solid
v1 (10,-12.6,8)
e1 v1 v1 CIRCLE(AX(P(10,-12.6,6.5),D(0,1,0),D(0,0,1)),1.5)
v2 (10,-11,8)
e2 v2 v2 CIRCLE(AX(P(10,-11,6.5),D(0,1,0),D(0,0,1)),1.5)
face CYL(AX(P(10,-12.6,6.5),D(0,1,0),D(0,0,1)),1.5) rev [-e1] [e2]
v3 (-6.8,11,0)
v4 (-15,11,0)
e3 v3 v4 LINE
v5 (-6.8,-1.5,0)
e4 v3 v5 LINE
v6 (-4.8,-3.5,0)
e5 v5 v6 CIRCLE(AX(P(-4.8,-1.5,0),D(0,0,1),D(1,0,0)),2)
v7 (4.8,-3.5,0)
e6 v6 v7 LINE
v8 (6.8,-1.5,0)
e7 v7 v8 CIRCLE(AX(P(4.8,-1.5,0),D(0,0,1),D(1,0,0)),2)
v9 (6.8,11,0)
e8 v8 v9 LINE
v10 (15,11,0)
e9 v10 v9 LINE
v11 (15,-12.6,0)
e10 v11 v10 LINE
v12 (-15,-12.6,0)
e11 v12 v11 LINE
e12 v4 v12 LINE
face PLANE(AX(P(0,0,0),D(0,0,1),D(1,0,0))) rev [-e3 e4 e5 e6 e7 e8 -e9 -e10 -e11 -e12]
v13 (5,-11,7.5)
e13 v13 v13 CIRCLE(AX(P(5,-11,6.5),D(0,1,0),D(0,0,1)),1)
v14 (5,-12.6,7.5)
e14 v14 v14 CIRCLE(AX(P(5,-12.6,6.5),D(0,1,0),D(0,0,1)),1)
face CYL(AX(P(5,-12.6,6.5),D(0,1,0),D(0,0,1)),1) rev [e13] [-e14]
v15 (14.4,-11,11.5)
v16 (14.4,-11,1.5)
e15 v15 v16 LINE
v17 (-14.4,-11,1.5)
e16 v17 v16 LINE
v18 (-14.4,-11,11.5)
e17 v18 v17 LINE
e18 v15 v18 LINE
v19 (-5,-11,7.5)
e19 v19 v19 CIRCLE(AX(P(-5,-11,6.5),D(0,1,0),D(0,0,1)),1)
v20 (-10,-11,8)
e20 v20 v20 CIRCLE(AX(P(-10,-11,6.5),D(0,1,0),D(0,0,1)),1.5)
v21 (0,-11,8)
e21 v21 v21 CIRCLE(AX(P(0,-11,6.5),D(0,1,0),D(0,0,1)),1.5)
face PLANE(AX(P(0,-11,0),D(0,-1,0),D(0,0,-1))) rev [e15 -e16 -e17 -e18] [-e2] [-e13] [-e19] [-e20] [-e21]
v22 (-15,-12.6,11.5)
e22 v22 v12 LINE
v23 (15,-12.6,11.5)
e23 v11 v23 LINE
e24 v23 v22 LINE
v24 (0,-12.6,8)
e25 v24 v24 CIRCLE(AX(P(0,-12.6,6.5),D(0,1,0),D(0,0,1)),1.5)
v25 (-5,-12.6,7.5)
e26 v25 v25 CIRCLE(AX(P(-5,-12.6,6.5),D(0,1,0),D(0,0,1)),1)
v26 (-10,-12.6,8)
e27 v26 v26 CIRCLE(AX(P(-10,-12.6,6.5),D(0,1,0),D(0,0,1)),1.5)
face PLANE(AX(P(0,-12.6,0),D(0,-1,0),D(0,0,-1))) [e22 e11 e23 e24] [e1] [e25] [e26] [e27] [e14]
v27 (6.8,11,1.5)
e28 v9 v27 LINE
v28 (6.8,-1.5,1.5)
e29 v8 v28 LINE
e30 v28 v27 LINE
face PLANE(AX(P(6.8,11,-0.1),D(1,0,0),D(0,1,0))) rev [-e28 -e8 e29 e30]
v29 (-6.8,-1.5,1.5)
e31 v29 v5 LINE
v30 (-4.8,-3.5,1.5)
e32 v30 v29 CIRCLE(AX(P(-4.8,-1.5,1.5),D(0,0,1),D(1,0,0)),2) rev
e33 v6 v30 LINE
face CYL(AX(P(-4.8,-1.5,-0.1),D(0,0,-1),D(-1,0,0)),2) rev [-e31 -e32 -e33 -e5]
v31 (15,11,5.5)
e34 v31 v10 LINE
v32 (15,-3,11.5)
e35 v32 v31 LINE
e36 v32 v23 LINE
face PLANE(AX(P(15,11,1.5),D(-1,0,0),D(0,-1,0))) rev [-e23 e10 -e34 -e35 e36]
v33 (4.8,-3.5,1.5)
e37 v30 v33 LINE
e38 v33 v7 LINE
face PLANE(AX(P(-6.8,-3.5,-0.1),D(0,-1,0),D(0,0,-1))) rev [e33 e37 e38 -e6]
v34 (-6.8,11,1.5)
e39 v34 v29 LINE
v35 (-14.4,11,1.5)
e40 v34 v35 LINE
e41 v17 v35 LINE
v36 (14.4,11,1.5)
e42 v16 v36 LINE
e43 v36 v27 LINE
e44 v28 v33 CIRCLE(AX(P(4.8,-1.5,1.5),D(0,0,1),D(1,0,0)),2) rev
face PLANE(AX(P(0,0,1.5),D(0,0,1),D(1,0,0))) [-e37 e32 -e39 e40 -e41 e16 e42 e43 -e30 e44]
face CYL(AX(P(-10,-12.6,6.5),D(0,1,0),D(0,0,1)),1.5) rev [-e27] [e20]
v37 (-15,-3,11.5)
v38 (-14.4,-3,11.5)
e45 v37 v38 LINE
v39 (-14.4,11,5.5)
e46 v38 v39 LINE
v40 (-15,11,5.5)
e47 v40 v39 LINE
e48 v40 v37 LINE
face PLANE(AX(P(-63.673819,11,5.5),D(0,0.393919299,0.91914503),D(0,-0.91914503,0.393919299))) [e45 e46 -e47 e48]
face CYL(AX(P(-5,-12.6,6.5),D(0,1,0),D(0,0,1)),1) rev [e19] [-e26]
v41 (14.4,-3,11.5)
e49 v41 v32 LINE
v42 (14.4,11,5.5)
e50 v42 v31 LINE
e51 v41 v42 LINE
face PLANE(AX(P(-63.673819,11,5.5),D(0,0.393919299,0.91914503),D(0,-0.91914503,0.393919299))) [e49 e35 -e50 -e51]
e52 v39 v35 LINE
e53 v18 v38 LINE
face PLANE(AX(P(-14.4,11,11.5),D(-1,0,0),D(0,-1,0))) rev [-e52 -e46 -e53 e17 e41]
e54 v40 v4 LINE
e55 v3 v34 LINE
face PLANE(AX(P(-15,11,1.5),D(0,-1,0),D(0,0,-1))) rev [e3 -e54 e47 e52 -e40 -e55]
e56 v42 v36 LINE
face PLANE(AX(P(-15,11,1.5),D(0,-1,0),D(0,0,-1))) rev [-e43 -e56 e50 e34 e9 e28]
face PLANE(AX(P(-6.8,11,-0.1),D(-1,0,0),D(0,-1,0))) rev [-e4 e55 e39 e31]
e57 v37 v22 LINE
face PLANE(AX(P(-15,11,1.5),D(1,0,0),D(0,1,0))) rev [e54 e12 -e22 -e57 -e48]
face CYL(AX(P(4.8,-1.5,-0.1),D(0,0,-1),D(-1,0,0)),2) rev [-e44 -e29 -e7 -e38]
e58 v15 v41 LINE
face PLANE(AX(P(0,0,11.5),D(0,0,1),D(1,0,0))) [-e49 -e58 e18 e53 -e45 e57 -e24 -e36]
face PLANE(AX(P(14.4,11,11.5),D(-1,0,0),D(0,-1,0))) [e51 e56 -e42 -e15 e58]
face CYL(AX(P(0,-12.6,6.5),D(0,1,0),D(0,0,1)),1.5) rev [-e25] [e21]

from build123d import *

# Parameters (mm, degrees)
SKETCH3_W               = 30
SKETCH3_H               = 22
BOSS_EXTRUDE1_DEPTH     = 1.5
SKETCH4_W               = 0.6
SKETCH4_H               = 22
BOSS_EXTRUDE2_DEPTH     = 10
CUT_EXTRUDE1_DEPTH      = 1
CUT_EXTRUDE1_DEPTH_BACK = 31
SKETCH6_W               = 30
SKETCH6_H               = 11.5
BOSS_EXTRUDE3_DEPTH     = 1.6
SKETCH7_W               = 13.6
SKETCH7_H               = 14.5
CUT_EXTRUDE2_DEPTH      = 1.6
FILLET1_R               = 2
SKETCH8_R               = 1.5
SKETCH8_R_2             = 1
CUT_EXTRUDE3_DEPTH      = 1.6


with BuildPart() as part:
    # Sketch3 → Boss-Extrude1 (new body)
    with BuildSketch(Plane.XY):
        Rectangle(SKETCH3_W, SKETCH3_H)
    extrude(amount=BOSS_EXTRUDE1_DEPTH)

    # Sketch4 → Boss-Extrude2 (add)
    with BuildSketch(Plane.XY.offset(1.5)):
        with Locations((-14.7, 0)):
            Rectangle(SKETCH4_W, SKETCH4_H)
    boss_extrude2 = extrude(amount=BOSS_EXTRUDE2_DEPTH)

    # Mirror5: Boss-Extrude2 across plane
    add(boss_extrude2.mirror(Plane(origin=(0, 0, 0), x_dir=(0, 0, 1), z_dir=(1, 0, 0))))

    # Sketch5 → Cut-Extrude1 (cut, two sides)
    with BuildSketch(Plane.ZY.offset(15)) as cut_extrude1_sk:
        Polygon((-16.404677134, 62.110913313), (5.5, 11), (11.5, -3), (33.404677134, -54.110913313), (135.626503761, -10.301559045), (85.817149492, 105.920267582), align=None)
    extrude(amount=CUT_EXTRUDE1_DEPTH, mode=Mode.SUBTRACT)
    extrude(cut_extrude1_sk.sketch, amount=-CUT_EXTRUDE1_DEPTH_BACK, mode=Mode.SUBTRACT)

    # Sketch6 → Boss-Extrude3 (add)
    with BuildSketch(Plane.XZ.offset(11)):
        with Locations((0, 5.75)):
            Rectangle(SKETCH6_W, SKETCH6_H)
    extrude(amount=BOSS_EXTRUDE3_DEPTH)

    # Sketch7 → Cut-Extrude2 (cut)
    with BuildSketch(Plane.XY.offset(1.5)):
        with Locations((0, 3.75)):
            Rectangle(SKETCH7_W, SKETCH7_H)
    extrude(amount=-CUT_EXTRUDE2_DEPTH, mode=Mode.SUBTRACT)

    # Fillet1
    fillet1_edges = [part.edges().sort_by_distance(p)[0] for p in [
        (-6.8, -3.5, 0.75),
        (6.8, -3.5, 0.75),
    ]]
    fillet(fillet1_edges, radius=FILLET1_R)

    # Sketch8 → Cut-Extrude3 (cut)
    with BuildSketch(Plane(origin=(0, -11, 0), x_dir=(1, 0, 0), z_dir=(0, 1, 0))):
        with Locations((0, -6.5)):
            Circle(SKETCH8_R)
        with Locations((-5, -6.5)):
            Circle(SKETCH8_R_2)
        with Locations((-10, -6.5)):
            Circle(SKETCH8_R)
        with Locations((5, -6.5)):
            Circle(SKETCH8_R_2)
        with Locations((10, -6.5)):
            Circle(SKETCH8_R)
    extrude(amount=-CUT_EXTRUDE3_DEPTH, mode=Mode.SUBTRACT)


solid = part.part
